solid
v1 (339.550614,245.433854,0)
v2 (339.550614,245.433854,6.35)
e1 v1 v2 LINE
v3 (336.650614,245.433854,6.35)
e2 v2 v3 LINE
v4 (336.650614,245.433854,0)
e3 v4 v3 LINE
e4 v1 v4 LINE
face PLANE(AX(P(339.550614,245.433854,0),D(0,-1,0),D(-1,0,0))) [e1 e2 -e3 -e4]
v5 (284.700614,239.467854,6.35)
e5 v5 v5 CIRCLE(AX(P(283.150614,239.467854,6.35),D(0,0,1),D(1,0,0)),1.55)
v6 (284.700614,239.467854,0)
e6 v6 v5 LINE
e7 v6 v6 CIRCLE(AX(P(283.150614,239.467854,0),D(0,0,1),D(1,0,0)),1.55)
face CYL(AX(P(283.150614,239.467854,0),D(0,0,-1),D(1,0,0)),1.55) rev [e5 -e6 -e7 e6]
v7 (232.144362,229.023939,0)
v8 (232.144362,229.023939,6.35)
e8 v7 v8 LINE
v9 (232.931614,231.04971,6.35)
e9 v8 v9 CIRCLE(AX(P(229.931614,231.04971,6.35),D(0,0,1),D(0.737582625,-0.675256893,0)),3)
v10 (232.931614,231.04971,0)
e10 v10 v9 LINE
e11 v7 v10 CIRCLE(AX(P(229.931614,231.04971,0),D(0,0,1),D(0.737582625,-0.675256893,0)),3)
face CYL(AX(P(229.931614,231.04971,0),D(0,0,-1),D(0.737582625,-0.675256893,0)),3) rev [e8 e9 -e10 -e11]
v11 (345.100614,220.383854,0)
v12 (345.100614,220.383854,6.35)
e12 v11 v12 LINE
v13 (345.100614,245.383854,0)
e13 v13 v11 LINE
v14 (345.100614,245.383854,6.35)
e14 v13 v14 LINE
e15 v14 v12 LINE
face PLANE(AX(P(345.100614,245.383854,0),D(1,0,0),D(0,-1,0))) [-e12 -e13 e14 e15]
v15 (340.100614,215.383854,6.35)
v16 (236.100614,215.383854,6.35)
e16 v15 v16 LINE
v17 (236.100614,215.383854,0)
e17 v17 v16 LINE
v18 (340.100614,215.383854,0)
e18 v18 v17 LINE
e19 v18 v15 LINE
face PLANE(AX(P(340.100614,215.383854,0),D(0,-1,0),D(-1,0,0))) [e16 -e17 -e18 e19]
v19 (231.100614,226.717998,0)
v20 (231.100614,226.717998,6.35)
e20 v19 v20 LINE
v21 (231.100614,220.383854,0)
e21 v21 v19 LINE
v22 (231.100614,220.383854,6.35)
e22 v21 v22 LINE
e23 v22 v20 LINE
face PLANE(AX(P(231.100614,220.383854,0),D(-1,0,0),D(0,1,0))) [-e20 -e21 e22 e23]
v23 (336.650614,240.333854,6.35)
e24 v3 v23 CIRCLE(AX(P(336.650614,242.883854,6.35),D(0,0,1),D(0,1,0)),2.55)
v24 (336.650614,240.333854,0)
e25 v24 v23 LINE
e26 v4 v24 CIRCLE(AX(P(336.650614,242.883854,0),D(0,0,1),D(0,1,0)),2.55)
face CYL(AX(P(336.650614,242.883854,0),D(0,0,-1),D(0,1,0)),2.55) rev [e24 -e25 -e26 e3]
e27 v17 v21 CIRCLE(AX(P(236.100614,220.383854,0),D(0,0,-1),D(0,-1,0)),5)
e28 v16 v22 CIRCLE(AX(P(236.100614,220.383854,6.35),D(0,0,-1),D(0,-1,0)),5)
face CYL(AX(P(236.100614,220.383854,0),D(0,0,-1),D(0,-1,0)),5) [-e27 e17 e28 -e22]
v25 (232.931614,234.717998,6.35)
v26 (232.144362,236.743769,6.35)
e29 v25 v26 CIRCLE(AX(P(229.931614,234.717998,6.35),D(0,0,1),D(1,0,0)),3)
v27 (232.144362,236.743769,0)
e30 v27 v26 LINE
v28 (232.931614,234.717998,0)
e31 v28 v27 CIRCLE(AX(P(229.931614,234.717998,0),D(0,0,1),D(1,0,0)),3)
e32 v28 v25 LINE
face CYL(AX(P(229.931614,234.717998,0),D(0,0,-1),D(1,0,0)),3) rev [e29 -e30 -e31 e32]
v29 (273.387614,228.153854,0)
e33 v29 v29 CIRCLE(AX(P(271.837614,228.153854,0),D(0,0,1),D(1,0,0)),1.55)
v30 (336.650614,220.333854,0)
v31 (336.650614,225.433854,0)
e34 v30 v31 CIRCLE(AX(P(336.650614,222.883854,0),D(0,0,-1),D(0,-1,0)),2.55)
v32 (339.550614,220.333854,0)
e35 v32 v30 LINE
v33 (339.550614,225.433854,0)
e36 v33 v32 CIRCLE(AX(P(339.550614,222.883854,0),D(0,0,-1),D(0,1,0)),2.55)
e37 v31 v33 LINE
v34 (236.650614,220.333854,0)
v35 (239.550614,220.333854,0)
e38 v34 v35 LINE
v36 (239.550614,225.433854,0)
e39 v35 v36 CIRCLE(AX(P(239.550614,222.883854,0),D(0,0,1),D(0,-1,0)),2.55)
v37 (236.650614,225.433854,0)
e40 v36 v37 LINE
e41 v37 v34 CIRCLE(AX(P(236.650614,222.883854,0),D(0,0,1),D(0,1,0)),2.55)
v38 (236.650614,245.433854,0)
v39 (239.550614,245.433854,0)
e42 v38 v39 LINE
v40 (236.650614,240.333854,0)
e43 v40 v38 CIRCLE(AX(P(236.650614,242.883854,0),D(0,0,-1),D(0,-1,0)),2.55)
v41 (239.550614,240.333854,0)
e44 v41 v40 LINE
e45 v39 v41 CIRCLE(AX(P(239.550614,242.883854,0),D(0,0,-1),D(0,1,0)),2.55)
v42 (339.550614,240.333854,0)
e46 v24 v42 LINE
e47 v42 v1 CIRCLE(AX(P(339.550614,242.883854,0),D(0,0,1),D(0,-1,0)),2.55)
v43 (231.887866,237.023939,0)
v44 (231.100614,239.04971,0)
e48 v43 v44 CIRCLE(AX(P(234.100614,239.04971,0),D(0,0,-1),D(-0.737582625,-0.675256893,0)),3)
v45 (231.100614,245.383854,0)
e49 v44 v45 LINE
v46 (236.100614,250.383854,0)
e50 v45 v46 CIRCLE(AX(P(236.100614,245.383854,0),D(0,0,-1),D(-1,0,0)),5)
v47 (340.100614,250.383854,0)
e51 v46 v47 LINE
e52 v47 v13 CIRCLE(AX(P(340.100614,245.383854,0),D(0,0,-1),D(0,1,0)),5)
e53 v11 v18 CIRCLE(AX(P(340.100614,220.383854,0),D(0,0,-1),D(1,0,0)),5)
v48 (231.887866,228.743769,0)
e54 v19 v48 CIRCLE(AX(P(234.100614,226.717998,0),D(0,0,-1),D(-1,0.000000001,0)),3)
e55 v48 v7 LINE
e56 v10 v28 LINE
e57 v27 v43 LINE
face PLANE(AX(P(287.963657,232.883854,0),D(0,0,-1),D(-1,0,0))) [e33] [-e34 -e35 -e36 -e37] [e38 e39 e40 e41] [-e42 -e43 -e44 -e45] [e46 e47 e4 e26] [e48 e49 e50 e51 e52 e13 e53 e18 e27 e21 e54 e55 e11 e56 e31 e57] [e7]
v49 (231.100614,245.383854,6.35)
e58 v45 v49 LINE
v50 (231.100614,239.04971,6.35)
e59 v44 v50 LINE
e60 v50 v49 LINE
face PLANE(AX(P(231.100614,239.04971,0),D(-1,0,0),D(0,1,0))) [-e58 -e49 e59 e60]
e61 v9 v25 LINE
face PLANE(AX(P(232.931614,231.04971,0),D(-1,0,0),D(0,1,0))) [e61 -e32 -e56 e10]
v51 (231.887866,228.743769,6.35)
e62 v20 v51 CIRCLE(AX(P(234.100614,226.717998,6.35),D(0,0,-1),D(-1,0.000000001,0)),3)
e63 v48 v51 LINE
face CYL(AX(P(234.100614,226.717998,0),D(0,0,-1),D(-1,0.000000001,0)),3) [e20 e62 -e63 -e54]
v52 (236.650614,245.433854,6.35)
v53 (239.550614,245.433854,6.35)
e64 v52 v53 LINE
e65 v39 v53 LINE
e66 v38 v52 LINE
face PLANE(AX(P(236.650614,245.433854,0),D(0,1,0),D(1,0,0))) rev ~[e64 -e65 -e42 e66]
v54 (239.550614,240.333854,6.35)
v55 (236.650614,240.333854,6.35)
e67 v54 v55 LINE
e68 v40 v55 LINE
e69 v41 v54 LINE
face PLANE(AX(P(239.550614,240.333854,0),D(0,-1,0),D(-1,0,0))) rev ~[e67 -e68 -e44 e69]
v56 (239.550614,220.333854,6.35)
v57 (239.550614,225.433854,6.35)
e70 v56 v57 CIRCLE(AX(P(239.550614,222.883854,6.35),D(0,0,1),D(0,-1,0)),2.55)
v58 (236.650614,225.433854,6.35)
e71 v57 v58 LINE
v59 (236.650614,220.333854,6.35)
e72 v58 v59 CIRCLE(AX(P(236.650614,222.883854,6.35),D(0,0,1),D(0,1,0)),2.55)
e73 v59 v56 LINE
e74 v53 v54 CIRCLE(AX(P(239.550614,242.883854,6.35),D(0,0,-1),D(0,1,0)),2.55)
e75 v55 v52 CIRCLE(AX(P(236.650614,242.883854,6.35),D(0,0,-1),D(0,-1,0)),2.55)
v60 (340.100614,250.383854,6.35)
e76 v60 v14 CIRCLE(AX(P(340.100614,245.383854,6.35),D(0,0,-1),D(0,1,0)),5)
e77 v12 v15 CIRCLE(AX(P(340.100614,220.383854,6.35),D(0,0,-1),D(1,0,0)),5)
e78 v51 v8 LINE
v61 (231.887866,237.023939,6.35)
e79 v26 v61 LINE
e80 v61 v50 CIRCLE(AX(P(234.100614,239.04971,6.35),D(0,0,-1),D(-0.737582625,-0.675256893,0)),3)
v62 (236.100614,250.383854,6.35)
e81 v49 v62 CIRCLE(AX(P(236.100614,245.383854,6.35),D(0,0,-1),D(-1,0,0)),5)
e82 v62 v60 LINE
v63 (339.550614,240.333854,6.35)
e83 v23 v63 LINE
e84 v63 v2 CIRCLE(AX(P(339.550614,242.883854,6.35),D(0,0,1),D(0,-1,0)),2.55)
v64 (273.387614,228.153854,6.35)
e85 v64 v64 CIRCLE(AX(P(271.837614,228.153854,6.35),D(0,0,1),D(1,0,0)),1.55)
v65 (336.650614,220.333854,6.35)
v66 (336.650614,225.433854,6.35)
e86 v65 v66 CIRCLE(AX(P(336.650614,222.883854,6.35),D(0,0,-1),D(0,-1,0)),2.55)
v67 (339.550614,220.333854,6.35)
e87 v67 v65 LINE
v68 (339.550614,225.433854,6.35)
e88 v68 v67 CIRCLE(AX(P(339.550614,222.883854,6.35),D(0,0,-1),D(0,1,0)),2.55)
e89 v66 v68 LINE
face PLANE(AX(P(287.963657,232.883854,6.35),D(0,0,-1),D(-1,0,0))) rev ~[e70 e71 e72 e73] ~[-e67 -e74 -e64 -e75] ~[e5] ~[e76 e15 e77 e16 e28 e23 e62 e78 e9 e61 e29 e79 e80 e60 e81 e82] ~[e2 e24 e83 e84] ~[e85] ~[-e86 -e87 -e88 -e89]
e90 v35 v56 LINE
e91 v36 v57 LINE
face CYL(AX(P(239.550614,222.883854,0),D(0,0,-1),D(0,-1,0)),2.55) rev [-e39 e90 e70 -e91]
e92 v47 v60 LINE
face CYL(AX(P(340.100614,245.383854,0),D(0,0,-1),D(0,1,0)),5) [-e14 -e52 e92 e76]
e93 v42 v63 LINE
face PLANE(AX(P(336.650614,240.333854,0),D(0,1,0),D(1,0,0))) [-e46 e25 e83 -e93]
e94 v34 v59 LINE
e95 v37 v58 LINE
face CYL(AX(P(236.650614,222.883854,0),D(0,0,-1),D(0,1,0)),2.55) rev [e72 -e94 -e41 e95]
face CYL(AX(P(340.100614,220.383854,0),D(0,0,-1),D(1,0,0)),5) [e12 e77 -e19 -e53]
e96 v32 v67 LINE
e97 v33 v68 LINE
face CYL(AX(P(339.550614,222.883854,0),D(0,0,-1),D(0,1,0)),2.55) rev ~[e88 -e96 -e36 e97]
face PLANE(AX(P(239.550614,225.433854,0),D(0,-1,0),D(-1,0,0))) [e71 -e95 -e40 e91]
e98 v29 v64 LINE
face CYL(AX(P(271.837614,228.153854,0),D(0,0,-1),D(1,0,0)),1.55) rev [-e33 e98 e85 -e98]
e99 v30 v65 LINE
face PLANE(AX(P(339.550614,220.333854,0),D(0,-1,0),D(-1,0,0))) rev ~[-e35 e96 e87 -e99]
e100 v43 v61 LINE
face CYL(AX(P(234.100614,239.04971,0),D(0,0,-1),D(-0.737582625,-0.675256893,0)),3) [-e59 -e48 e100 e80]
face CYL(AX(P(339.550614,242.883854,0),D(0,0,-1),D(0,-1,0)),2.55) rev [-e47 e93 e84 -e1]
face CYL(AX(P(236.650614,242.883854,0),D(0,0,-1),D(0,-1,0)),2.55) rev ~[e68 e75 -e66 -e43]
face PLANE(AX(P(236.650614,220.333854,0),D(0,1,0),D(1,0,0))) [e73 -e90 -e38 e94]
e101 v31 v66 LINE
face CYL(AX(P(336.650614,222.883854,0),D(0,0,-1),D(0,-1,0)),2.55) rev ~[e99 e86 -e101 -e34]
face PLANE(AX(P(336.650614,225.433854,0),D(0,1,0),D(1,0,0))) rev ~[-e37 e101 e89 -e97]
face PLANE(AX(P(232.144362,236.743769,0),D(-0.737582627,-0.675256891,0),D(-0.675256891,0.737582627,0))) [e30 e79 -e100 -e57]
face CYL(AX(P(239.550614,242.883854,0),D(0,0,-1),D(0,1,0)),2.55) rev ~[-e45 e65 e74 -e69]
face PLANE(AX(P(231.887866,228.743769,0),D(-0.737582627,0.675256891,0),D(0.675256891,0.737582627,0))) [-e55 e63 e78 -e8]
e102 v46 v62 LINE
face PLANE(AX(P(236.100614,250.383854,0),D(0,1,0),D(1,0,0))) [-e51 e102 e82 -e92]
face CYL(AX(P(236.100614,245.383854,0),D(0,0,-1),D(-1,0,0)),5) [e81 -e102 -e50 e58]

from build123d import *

# Parameters (mm, degrees)
SKETCH1_R           = 1.549999999
BOSS_EXTRUDE1_DEPTH = 6.35


with BuildPart() as part:
    # Sketch1 → Boss-Extrude1 (new body)
    with BuildSketch(Plane.XY):
        with BuildLine():
            Line((231.100613802, 220.383854223), (231.100613802, 226.717998483))
            ThreePointArc((231.100613802, 226.717998483), (231.304344536, 227.804680676), (231.887865928, 228.743769162))
            Line((231.887865928, 228.743769162), (232.144361676, 229.023939287))
            ThreePointArc((232.144361676, 229.023939287), (232.727883068, 229.963027773), (232.931613801, 231.049709965))
            Line((232.931613801, 231.049709965), (232.931613801, 234.717998484))
            ThreePointArc((232.931613801, 234.717998484), (232.727883068, 235.804680676), (232.144361676, 236.743769162))
            Line((232.144361676, 236.743769162), (231.887865928, 237.023939287))
            ThreePointArc((231.887865928, 237.023939287), (231.304344536, 237.963027773), (231.100613802, 239.049709966))
            Line((231.100613802, 239.049709966), (231.100613802, 245.383854224))
            ThreePointArc((231.100613802, 245.383854224), (232.565079896, 248.91938813), (236.100613802, 250.383854224))
            Line((236.100613802, 250.383854224), (340.100613803, 250.383854224))
            ThreePointArc((340.100613803, 250.383854224), (343.636147709, 248.919388129), (345.100613803, 245.383854222))
            Line((345.100613803, 245.383854222), (345.100613803, 220.383854223))
            ThreePointArc((345.100613803, 220.383854223), (343.636147709, 216.848320317), (340.100613803, 215.383854223))
            Line((340.100613803, 215.383854223), (236.100613802, 215.383854223))
            ThreePointArc((236.100613802, 215.383854223), (232.565079896, 216.848320317), (231.100613802, 220.383854223))
        make_face()
        with Locations((271.837613804, 228.153854225)):
            Circle(SKETCH1_R, mode=Mode.SUBTRACT)
        with Locations((283.150613802, 239.467854223)):
            Circle(SKETCH1_R, mode=Mode.SUBTRACT)
        with BuildLine():
            Line((339.550613803, 220.333854223), (336.650613802, 220.333854223))
            ThreePointArc((336.650613802, 220.333854223), (334.100613802, 222.883854224), (336.650613802, 225.433854224))
            Line((336.650613802, 225.433854224), (339.550613803, 225.433854224))
            ThreePointArc((339.550613803, 225.433854224), (342.100613803, 222.883854224), (339.550613803, 220.333854223))
        make_face(mode=Mode.SUBTRACT)
        with BuildLine():
            Line((236.650613802, 220.333854223), (239.550613804, 220.333854223))
            ThreePointArc((239.550613804, 220.333854223), (242.100613804, 222.883854224), (239.550613804, 225.433854224))
            Line((239.550613804, 225.433854224), (236.650613802, 225.433854224))
            ThreePointArc((236.650613802, 225.433854224), (234.100613802, 222.883854224), (236.650613802, 220.333854223))
        make_face(mode=Mode.SUBTRACT)
        with BuildLine():
            Line((239.550613804, 240.333854223), (236.650613802, 240.333854223))
            ThreePointArc((236.650613802, 240.333854223), (234.100613802, 242.883854224), (236.650613802, 245.433854224))
            Line((236.650613802, 245.433854224), (239.550613804, 245.433854224))
            ThreePointArc((239.550613804, 245.433854224), (242.100613804, 242.883854224), (239.550613804, 240.333854223))
        make_face(mode=Mode.SUBTRACT)
        with BuildLine():
            Line((336.650613802, 240.333854223), (339.550613803, 240.333854223))
            ThreePointArc((339.550613803, 240.333854223), (342.100613803, 242.883854224), (339.550613803, 245.433854224))
            Line((339.550613803, 245.433854224), (336.650613802, 245.433854224))
            ThreePointArc((336.650613802, 245.433854224), (334.100613802, 242.883854224), (336.650613802, 240.333854223))
        make_face(mode=Mode.SUBTRACT)
    extrude(amount=BOSS_EXTRUDE1_DEPTH)


solid = part.part
